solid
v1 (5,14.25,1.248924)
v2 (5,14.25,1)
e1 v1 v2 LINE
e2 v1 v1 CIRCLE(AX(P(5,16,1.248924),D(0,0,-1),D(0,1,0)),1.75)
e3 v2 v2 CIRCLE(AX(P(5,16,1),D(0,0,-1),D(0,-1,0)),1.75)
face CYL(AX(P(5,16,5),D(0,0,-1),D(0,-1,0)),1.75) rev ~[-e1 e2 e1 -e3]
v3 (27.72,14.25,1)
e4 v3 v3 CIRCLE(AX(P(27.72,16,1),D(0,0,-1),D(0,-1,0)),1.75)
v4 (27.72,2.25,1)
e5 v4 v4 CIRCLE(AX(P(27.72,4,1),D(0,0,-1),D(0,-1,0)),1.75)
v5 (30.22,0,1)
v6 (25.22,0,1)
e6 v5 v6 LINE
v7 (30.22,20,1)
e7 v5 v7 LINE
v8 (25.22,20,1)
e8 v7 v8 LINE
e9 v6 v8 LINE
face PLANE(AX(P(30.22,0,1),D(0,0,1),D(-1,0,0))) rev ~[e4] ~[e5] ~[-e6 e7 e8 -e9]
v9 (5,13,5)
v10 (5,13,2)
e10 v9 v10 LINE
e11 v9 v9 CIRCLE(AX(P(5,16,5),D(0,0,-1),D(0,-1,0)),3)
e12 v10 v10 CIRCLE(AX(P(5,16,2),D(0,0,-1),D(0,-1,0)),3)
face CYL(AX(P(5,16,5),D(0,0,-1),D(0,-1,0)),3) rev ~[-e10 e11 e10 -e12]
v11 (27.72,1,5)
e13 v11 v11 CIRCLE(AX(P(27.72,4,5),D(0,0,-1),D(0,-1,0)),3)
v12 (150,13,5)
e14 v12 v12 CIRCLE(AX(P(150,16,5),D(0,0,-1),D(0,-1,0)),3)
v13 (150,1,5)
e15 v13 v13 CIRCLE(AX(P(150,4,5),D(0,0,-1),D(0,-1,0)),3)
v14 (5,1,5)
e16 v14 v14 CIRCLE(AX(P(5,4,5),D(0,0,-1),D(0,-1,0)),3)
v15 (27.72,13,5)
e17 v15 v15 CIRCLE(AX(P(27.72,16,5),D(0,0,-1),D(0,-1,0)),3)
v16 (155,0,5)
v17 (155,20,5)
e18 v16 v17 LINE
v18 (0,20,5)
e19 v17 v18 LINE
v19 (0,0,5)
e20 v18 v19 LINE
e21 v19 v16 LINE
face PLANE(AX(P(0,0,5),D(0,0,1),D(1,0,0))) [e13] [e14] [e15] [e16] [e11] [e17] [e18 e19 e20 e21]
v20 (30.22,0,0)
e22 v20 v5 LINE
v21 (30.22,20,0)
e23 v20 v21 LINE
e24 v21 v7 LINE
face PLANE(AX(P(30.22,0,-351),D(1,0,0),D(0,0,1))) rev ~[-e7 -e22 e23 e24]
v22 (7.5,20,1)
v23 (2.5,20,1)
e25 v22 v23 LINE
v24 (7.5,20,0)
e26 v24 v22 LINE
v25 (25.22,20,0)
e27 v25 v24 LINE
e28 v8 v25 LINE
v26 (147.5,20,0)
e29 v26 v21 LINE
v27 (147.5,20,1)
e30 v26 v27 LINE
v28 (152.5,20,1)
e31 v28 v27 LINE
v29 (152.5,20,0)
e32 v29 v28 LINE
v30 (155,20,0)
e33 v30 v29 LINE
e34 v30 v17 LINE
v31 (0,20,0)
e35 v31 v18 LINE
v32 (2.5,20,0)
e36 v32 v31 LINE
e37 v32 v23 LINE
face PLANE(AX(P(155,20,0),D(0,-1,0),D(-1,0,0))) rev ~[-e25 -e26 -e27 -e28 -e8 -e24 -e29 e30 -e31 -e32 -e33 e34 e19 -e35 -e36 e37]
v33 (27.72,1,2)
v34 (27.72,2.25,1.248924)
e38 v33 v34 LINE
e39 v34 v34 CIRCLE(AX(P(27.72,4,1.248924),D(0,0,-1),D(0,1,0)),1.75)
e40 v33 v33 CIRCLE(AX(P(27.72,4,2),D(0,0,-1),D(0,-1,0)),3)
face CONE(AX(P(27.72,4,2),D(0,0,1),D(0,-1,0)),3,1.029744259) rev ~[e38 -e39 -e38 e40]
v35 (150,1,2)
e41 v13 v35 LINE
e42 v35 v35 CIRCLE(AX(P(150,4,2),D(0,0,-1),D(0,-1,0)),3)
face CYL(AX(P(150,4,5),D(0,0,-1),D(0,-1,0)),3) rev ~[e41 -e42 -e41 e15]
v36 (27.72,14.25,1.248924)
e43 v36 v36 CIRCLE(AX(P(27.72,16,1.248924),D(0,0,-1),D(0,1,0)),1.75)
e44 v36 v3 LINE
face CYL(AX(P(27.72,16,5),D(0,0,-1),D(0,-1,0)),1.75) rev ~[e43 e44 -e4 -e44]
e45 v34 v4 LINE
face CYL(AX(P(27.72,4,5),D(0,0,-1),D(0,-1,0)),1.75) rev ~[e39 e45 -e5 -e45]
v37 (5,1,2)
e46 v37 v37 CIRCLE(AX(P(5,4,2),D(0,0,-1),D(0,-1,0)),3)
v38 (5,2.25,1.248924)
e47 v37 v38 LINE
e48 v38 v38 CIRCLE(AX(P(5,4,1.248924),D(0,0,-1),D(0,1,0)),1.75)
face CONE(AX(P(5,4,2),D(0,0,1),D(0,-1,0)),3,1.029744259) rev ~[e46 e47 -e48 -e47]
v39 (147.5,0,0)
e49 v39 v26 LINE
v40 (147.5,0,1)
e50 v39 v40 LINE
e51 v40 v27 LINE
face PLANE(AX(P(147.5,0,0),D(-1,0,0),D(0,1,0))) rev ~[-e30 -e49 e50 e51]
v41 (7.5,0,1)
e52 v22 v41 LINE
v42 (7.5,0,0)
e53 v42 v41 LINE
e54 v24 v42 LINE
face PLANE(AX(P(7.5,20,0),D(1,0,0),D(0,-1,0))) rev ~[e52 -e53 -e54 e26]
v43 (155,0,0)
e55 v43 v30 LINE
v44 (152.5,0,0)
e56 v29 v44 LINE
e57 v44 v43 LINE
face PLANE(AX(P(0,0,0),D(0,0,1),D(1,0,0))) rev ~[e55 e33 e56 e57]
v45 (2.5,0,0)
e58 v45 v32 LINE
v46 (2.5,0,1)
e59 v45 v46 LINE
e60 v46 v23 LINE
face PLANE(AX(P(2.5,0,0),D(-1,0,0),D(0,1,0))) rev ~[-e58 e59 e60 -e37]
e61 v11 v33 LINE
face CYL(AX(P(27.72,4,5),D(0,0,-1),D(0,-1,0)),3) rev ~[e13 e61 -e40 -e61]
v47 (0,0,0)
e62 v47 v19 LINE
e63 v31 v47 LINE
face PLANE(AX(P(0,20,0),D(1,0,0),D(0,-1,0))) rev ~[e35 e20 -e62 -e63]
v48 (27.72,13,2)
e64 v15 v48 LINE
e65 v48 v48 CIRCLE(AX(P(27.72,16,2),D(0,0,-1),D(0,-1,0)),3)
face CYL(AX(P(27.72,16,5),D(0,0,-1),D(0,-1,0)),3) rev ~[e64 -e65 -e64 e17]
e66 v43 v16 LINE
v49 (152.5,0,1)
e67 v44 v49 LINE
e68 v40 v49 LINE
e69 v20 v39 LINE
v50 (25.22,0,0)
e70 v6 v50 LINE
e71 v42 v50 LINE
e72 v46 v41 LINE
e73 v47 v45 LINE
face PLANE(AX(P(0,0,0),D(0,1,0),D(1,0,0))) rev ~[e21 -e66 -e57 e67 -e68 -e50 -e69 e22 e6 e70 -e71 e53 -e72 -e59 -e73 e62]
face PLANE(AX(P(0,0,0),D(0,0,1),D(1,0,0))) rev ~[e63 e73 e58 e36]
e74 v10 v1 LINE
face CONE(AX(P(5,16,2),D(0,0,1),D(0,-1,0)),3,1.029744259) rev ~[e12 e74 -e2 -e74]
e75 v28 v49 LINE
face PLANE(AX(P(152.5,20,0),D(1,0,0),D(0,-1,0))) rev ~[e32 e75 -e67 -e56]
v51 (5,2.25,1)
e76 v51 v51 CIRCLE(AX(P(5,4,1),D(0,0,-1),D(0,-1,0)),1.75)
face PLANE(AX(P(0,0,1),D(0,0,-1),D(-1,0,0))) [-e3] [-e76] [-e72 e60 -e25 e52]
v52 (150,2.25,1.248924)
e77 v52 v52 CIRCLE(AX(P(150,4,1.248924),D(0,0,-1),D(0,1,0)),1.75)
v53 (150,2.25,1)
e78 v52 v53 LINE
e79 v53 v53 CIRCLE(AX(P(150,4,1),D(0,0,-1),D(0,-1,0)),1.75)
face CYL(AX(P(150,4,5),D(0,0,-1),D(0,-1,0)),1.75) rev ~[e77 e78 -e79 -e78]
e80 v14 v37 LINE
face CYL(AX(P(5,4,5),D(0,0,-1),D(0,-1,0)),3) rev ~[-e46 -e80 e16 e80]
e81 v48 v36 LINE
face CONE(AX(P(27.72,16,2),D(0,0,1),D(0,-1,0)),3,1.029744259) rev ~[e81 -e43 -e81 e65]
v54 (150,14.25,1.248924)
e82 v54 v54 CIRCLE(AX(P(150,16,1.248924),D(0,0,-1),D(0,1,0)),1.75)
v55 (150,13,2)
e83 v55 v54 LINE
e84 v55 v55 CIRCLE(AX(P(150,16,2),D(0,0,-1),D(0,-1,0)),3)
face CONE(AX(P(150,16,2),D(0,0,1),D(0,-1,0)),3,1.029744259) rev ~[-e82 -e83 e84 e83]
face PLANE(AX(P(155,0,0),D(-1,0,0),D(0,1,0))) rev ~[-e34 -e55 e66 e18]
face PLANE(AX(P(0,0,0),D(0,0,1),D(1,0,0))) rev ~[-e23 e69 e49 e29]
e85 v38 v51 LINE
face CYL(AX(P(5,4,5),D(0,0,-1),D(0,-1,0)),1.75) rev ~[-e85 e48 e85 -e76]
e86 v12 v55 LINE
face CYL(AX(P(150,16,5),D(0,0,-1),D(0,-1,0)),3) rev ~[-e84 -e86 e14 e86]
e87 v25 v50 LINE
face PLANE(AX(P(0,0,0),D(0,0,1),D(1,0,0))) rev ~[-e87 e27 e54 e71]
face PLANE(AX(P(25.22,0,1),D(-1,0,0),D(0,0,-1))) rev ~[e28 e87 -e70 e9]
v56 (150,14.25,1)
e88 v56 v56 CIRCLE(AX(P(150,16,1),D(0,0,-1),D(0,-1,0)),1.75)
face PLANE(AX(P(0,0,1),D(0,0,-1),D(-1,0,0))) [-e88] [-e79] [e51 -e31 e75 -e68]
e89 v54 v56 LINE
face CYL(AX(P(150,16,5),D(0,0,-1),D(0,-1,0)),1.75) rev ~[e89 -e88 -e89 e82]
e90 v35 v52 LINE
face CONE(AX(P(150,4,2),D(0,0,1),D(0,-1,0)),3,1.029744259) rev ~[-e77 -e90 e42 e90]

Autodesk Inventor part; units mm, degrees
ref_plane "YZ Plane" through (0, 0, 0) normal (1, 0, 0) x (0, 1, 0)
ref_plane "XZ Plane" through (0, 0, 0) normal (0, 1, 0) x (-1, 0, 0)
ref_plane "XY Plane" through (0, 0, 0) normal (0, 0, 1) x (1, 0, 0)
sketch "スケッチ1" plane through (0, 0, 0) normal (0, 0, 1) x (1, 0, 0)
  line L0 (0, 0) -> (155, 0)
  line L1 (155, 0) -> (155, 20)
  line L2 (155, 20) -> (0, 20)
  line L3 (0, 20) -> (0, 0)
  dimension "d0" = 155
  dimension "d1" = 20
extrude "押し出し1" add sketch "スケッチ1" along normal blind 5
sketch "スケッチ2" plane through (0, 0, 0) normal (0, 0, -1) x (-1, 0, 0)
  line L0 (-155, 0) -> (-155, 20) projected
  line L1 (0, 0) -> (-155, 0) projected
  line L2 (0, 20) -> (0, 0) projected
  line L3 (-155, 20) -> (0, 20) projected
  line L4 (-2.5, 20) -> (-7.5, 20)
  line L5 (-7.5, 20) -> (-7.5, 0)
  line L6 (-7.5, 0) -> (-2.5, 0)
  line L7 (-2.5, 0) -> (-2.5, 20)
  line L8 (-152.5, 0) -> (-147.5, 0)
  line L9 (-147.5, 0) -> (-147.5, 20)
  line L10 (-147.5, 20) -> (-152.5, 20)
  line L11 (-152.5, 20) -> (-152.5, 0)
  dimension "d4" = 5
  dimension "d5" = 2.5
  dimension "d6" = 5
  dimension "d7" = 2.5
extrude "押し出し2" cut sketch "スケッチ2" against normal blind 1 contours L11 L3 L9 L1 | L5 L3 L7 L1
sketch "スケッチ3" plane through (0, 0, 5) normal (0, -1, 0) x (1, 0, 0)
  line L0 (30.22, -4) -> (25.22, -4) projected
  line L1 (25.22, -4) -> (25.22, -356) projected
  line L2 (25.22, -356) -> (30.22, -356) projected
  line L3 (30.22, -356) -> (30.22, -4) projected
extrude "押し出し3" cut sketch "スケッチ3" against normal through all
sketch "スケッチ4" plane through (0, 0, 5) normal (0, 0, 1) x (1, 0, 0)
  circle A0 centre (5, 16) radius 1.2
  circle A1 centre (5, 4) radius 1.2
  circle A2 centre (27.72, 4) radius 1.2
  circle A3 centre (27.72, 16) radius 1.2
  circle A4 centre (150, 16) radius 1.2
  circle A5 centre (150, 4) radius 1.2
hole "穴1" at (5, 4, 5) at (5, 16, 5) at (27.72, 16, 5) at (27.72, 4, 5) at (150, 16, 5) at (150, 4, 5) direction (0, 0, -1) diameter 3.5 end through all
sketch "スケッチ5" plane through (0, 0, 5) normal (0, 0, 1) x (1, 0, 0)
  circle A0 centre (150, 16) radius 1.75 projected
  circle A1 centre (27.72, 16) radius 1.75 projected
  circle A2 centre (5, 4) radius 1.75 projected
  circle A3 centre (5, 16) radius 1.75 projected
  circle A4 centre (27.72, 4) radius 1.75 projected
  circle A5 centre (150, 4) radius 1.75 projected
hole "穴2" at (5, 4, 5) at (5, 16, 5) at (27.72, 4, 5) at (27.72, 16, 5) at (150, 16, 5) at (150, 4, 5) direction (0, 0, -1) diameter 6 depth 3 tip angle 118
properties part number "arm1_S" material "アルミニウム 6061"
